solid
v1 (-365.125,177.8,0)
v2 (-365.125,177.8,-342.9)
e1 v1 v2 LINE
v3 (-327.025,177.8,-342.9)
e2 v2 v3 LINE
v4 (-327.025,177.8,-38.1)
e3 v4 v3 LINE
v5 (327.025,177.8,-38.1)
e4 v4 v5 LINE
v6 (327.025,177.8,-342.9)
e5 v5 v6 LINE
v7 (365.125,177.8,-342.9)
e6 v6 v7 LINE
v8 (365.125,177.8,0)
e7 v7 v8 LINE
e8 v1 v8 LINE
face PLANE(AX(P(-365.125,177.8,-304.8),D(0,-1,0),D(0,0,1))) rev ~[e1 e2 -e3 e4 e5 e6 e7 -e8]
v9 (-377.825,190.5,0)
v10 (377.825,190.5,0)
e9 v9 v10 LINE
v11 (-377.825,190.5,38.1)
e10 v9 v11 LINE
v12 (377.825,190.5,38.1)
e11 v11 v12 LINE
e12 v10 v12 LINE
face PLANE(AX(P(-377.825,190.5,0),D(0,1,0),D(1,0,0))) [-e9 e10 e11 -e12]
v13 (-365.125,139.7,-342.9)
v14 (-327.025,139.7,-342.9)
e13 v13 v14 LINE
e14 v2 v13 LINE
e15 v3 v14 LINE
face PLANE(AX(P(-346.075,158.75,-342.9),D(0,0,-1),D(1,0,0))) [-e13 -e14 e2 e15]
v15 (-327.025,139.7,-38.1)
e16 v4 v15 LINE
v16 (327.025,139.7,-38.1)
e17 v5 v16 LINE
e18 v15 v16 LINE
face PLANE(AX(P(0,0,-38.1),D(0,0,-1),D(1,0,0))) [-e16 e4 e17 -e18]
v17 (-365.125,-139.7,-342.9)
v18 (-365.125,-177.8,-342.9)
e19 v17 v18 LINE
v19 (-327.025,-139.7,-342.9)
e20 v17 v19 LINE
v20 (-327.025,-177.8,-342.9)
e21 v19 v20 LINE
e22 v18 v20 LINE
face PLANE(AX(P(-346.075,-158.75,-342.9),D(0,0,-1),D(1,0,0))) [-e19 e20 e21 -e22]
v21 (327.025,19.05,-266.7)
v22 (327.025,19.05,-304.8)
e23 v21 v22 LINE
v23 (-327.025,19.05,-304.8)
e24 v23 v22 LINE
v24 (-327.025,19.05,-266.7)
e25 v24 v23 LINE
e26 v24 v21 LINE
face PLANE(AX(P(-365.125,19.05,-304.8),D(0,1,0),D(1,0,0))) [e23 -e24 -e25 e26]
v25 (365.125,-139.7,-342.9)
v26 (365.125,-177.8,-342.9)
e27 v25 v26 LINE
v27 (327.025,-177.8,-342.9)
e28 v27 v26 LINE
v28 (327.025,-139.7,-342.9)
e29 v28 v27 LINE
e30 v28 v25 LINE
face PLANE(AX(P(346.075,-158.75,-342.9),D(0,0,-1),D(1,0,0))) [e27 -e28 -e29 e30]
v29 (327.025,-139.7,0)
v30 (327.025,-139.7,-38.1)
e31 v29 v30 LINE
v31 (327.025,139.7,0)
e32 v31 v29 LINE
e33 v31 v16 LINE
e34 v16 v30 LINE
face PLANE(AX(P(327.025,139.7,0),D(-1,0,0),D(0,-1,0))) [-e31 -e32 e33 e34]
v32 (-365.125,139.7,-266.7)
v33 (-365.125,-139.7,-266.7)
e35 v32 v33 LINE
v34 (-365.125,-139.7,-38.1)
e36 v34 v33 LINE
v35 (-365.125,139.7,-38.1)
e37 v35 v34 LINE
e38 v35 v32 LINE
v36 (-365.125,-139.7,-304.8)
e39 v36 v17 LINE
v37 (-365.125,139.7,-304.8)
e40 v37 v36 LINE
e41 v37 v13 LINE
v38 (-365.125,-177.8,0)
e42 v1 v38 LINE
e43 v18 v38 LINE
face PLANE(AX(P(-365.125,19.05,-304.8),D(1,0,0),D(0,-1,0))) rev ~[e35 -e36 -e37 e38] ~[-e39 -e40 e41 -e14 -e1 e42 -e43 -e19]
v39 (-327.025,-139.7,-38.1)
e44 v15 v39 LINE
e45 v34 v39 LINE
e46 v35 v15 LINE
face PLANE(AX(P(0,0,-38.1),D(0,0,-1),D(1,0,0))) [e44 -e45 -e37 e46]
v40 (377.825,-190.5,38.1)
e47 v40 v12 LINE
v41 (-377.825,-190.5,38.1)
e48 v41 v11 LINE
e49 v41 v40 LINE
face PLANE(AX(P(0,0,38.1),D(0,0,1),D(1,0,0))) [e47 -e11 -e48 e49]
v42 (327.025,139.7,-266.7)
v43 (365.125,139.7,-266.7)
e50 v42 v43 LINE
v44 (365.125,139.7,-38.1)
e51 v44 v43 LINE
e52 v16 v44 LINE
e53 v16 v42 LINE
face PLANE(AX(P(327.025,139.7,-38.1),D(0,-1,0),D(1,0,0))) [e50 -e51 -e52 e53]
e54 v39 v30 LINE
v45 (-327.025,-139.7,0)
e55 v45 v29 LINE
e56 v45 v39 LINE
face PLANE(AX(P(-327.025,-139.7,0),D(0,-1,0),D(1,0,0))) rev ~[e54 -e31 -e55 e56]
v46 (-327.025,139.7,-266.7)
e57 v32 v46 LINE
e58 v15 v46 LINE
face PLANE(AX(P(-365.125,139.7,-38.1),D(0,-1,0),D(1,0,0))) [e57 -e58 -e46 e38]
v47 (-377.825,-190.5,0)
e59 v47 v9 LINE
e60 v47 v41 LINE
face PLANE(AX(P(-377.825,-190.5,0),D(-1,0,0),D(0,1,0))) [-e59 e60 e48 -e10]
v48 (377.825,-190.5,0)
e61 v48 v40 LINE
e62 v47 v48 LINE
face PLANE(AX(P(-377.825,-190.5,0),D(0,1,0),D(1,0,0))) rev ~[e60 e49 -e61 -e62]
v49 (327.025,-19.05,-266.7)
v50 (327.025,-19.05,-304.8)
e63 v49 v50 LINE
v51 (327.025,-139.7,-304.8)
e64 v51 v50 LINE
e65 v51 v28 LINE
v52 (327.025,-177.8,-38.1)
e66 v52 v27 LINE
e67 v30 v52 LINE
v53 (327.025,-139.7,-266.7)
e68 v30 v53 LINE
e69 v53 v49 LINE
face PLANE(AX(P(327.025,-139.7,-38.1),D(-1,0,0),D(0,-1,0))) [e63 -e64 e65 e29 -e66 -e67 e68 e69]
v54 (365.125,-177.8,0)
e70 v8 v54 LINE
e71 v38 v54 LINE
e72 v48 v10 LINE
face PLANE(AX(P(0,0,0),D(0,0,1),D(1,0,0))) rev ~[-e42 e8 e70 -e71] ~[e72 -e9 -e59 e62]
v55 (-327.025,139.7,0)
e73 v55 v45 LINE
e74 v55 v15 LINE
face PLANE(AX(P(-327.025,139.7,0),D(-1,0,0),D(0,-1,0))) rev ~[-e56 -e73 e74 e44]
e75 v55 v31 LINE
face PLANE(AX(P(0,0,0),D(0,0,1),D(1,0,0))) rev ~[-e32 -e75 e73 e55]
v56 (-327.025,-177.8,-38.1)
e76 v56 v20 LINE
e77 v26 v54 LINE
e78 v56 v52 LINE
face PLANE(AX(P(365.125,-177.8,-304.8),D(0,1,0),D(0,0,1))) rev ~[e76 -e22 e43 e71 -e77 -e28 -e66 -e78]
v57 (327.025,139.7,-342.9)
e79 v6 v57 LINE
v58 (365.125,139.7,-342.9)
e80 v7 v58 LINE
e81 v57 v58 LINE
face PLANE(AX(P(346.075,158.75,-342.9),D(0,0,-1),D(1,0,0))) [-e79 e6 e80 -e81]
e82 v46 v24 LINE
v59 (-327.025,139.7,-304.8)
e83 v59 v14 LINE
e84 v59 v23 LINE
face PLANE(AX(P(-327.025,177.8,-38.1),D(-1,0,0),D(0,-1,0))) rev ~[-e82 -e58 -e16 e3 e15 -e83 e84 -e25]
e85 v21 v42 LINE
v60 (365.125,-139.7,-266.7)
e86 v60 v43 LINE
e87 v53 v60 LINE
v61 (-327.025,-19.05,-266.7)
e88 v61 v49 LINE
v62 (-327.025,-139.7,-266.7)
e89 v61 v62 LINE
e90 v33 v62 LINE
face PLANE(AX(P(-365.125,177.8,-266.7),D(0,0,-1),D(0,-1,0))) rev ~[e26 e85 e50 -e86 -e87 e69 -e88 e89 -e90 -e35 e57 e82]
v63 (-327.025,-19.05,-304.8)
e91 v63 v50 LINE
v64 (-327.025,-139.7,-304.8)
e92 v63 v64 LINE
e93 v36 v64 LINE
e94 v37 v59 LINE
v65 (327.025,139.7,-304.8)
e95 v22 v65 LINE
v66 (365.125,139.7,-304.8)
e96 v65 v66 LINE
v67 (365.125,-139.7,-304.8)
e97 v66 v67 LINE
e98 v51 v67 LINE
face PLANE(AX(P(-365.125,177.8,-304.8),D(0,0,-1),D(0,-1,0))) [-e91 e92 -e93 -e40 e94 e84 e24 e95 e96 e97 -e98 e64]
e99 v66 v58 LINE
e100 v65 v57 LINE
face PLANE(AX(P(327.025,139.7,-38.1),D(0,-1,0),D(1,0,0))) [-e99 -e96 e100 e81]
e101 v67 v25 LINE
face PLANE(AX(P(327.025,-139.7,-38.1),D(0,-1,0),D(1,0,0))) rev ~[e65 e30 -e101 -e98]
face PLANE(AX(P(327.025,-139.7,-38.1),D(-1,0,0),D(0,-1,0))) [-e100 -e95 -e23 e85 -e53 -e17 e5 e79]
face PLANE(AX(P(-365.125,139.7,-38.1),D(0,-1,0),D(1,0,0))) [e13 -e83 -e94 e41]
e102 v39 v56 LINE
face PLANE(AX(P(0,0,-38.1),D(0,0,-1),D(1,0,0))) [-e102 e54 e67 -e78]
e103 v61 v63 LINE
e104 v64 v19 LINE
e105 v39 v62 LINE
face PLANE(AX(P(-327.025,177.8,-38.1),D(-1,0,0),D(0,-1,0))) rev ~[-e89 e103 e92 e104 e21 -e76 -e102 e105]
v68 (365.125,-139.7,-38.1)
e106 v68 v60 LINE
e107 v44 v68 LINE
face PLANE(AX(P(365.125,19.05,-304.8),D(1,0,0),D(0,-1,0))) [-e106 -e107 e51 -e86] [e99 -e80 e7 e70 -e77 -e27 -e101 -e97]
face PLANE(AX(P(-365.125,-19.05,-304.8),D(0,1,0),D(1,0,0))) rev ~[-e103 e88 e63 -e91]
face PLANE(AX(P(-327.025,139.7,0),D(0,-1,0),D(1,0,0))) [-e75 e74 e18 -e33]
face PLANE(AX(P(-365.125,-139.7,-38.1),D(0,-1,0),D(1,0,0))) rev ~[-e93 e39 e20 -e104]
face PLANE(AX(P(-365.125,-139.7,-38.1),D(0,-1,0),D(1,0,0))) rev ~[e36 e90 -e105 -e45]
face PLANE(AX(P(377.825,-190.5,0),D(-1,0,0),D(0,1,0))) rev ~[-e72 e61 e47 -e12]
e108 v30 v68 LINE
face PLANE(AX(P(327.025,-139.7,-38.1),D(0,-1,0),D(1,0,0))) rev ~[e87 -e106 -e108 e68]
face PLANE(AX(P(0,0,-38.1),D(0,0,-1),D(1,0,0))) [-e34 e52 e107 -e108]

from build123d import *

# Parameters (mm, degrees)
F0_W      = 755.65
F0_H      = 381
F1_DEPTH  = 38.1
F2_W      = 730.25
F2_H      = 355.6
F2_W_2    = 654.05
F2_H_2    = 279.4
F3_DEPTH  = 38.1
F4_W      = 38.1
F4_H      = 38.1
F5_DEPTH  = 304.8
F6_W      = 355.6
F6_H      = 38.1
F7_DEPTH  = 38.1
F8_W      = 355.6
F8_H      = 38.1
F9_DEPTH  = 38.1
F10_W     = 730.25
F10_H     = 38.1
F11_DEPTH = 38.1


with BuildPart() as f1:
    # F0 (on Top) → F1 (new body)
    with BuildSketch(Plane.XY):
        Rectangle(F0_W, F0_H)
    extrude(amount=F1_DEPTH)

    # F2 (on face) → F3 (join)
    with BuildSketch(Plane(origin=(0, 0, 0), x_dir=(1, 0, 0), z_dir=(0, 0, -1))):
        Rectangle(F2_W, F2_H)
        Rectangle(F2_W_2, F2_H_2, mode=Mode.SUBTRACT)
    extrude(amount=F3_DEPTH)

    # F4 (on face) → F5 (join)
    with BuildSketch(Plane(origin=(0, 0, -38.1), x_dir=(1, 0, 0), z_dir=(0, 0, -1))):
        with Locations((-346.075, 158.75)):
            Rectangle(F4_W, F4_H)
        with Locations((346.075, 158.75)):
            Rectangle(F4_W, F4_H)
        with Locations((346.075, -158.75)):
            Rectangle(F4_W, F4_H)
        with Locations((-346.075, -158.75)):
            Rectangle(F4_W, F4_H)
    extrude(amount=F5_DEPTH)

    # F6 (on face) → F7 (join)
    with BuildSketch(Plane(origin=(-365.125, 0, 0), x_dir=(0, -1, 0), z_dir=(-1, 0, 0))):
        with Locations((0, -285.75)):
            Rectangle(F6_W, F6_H)
    extrude(amount=-F7_DEPTH)

    # F8 (on face) → F9 (join)
    with BuildSketch(Plane.YZ.offset(365.125)):
        with Locations((0, -285.75)):
            Rectangle(F8_W, F8_H)
    extrude(amount=-F9_DEPTH)

    # F10 (on face) → F11 (join)
    with BuildSketch(Plane(origin=(0, 0, -304.8), x_dir=(1, 0, 0), z_dir=(0, 0, -1))):
        Rectangle(F10_W, F10_H)
    extrude(amount=-F11_DEPTH)


solid = f1.part
